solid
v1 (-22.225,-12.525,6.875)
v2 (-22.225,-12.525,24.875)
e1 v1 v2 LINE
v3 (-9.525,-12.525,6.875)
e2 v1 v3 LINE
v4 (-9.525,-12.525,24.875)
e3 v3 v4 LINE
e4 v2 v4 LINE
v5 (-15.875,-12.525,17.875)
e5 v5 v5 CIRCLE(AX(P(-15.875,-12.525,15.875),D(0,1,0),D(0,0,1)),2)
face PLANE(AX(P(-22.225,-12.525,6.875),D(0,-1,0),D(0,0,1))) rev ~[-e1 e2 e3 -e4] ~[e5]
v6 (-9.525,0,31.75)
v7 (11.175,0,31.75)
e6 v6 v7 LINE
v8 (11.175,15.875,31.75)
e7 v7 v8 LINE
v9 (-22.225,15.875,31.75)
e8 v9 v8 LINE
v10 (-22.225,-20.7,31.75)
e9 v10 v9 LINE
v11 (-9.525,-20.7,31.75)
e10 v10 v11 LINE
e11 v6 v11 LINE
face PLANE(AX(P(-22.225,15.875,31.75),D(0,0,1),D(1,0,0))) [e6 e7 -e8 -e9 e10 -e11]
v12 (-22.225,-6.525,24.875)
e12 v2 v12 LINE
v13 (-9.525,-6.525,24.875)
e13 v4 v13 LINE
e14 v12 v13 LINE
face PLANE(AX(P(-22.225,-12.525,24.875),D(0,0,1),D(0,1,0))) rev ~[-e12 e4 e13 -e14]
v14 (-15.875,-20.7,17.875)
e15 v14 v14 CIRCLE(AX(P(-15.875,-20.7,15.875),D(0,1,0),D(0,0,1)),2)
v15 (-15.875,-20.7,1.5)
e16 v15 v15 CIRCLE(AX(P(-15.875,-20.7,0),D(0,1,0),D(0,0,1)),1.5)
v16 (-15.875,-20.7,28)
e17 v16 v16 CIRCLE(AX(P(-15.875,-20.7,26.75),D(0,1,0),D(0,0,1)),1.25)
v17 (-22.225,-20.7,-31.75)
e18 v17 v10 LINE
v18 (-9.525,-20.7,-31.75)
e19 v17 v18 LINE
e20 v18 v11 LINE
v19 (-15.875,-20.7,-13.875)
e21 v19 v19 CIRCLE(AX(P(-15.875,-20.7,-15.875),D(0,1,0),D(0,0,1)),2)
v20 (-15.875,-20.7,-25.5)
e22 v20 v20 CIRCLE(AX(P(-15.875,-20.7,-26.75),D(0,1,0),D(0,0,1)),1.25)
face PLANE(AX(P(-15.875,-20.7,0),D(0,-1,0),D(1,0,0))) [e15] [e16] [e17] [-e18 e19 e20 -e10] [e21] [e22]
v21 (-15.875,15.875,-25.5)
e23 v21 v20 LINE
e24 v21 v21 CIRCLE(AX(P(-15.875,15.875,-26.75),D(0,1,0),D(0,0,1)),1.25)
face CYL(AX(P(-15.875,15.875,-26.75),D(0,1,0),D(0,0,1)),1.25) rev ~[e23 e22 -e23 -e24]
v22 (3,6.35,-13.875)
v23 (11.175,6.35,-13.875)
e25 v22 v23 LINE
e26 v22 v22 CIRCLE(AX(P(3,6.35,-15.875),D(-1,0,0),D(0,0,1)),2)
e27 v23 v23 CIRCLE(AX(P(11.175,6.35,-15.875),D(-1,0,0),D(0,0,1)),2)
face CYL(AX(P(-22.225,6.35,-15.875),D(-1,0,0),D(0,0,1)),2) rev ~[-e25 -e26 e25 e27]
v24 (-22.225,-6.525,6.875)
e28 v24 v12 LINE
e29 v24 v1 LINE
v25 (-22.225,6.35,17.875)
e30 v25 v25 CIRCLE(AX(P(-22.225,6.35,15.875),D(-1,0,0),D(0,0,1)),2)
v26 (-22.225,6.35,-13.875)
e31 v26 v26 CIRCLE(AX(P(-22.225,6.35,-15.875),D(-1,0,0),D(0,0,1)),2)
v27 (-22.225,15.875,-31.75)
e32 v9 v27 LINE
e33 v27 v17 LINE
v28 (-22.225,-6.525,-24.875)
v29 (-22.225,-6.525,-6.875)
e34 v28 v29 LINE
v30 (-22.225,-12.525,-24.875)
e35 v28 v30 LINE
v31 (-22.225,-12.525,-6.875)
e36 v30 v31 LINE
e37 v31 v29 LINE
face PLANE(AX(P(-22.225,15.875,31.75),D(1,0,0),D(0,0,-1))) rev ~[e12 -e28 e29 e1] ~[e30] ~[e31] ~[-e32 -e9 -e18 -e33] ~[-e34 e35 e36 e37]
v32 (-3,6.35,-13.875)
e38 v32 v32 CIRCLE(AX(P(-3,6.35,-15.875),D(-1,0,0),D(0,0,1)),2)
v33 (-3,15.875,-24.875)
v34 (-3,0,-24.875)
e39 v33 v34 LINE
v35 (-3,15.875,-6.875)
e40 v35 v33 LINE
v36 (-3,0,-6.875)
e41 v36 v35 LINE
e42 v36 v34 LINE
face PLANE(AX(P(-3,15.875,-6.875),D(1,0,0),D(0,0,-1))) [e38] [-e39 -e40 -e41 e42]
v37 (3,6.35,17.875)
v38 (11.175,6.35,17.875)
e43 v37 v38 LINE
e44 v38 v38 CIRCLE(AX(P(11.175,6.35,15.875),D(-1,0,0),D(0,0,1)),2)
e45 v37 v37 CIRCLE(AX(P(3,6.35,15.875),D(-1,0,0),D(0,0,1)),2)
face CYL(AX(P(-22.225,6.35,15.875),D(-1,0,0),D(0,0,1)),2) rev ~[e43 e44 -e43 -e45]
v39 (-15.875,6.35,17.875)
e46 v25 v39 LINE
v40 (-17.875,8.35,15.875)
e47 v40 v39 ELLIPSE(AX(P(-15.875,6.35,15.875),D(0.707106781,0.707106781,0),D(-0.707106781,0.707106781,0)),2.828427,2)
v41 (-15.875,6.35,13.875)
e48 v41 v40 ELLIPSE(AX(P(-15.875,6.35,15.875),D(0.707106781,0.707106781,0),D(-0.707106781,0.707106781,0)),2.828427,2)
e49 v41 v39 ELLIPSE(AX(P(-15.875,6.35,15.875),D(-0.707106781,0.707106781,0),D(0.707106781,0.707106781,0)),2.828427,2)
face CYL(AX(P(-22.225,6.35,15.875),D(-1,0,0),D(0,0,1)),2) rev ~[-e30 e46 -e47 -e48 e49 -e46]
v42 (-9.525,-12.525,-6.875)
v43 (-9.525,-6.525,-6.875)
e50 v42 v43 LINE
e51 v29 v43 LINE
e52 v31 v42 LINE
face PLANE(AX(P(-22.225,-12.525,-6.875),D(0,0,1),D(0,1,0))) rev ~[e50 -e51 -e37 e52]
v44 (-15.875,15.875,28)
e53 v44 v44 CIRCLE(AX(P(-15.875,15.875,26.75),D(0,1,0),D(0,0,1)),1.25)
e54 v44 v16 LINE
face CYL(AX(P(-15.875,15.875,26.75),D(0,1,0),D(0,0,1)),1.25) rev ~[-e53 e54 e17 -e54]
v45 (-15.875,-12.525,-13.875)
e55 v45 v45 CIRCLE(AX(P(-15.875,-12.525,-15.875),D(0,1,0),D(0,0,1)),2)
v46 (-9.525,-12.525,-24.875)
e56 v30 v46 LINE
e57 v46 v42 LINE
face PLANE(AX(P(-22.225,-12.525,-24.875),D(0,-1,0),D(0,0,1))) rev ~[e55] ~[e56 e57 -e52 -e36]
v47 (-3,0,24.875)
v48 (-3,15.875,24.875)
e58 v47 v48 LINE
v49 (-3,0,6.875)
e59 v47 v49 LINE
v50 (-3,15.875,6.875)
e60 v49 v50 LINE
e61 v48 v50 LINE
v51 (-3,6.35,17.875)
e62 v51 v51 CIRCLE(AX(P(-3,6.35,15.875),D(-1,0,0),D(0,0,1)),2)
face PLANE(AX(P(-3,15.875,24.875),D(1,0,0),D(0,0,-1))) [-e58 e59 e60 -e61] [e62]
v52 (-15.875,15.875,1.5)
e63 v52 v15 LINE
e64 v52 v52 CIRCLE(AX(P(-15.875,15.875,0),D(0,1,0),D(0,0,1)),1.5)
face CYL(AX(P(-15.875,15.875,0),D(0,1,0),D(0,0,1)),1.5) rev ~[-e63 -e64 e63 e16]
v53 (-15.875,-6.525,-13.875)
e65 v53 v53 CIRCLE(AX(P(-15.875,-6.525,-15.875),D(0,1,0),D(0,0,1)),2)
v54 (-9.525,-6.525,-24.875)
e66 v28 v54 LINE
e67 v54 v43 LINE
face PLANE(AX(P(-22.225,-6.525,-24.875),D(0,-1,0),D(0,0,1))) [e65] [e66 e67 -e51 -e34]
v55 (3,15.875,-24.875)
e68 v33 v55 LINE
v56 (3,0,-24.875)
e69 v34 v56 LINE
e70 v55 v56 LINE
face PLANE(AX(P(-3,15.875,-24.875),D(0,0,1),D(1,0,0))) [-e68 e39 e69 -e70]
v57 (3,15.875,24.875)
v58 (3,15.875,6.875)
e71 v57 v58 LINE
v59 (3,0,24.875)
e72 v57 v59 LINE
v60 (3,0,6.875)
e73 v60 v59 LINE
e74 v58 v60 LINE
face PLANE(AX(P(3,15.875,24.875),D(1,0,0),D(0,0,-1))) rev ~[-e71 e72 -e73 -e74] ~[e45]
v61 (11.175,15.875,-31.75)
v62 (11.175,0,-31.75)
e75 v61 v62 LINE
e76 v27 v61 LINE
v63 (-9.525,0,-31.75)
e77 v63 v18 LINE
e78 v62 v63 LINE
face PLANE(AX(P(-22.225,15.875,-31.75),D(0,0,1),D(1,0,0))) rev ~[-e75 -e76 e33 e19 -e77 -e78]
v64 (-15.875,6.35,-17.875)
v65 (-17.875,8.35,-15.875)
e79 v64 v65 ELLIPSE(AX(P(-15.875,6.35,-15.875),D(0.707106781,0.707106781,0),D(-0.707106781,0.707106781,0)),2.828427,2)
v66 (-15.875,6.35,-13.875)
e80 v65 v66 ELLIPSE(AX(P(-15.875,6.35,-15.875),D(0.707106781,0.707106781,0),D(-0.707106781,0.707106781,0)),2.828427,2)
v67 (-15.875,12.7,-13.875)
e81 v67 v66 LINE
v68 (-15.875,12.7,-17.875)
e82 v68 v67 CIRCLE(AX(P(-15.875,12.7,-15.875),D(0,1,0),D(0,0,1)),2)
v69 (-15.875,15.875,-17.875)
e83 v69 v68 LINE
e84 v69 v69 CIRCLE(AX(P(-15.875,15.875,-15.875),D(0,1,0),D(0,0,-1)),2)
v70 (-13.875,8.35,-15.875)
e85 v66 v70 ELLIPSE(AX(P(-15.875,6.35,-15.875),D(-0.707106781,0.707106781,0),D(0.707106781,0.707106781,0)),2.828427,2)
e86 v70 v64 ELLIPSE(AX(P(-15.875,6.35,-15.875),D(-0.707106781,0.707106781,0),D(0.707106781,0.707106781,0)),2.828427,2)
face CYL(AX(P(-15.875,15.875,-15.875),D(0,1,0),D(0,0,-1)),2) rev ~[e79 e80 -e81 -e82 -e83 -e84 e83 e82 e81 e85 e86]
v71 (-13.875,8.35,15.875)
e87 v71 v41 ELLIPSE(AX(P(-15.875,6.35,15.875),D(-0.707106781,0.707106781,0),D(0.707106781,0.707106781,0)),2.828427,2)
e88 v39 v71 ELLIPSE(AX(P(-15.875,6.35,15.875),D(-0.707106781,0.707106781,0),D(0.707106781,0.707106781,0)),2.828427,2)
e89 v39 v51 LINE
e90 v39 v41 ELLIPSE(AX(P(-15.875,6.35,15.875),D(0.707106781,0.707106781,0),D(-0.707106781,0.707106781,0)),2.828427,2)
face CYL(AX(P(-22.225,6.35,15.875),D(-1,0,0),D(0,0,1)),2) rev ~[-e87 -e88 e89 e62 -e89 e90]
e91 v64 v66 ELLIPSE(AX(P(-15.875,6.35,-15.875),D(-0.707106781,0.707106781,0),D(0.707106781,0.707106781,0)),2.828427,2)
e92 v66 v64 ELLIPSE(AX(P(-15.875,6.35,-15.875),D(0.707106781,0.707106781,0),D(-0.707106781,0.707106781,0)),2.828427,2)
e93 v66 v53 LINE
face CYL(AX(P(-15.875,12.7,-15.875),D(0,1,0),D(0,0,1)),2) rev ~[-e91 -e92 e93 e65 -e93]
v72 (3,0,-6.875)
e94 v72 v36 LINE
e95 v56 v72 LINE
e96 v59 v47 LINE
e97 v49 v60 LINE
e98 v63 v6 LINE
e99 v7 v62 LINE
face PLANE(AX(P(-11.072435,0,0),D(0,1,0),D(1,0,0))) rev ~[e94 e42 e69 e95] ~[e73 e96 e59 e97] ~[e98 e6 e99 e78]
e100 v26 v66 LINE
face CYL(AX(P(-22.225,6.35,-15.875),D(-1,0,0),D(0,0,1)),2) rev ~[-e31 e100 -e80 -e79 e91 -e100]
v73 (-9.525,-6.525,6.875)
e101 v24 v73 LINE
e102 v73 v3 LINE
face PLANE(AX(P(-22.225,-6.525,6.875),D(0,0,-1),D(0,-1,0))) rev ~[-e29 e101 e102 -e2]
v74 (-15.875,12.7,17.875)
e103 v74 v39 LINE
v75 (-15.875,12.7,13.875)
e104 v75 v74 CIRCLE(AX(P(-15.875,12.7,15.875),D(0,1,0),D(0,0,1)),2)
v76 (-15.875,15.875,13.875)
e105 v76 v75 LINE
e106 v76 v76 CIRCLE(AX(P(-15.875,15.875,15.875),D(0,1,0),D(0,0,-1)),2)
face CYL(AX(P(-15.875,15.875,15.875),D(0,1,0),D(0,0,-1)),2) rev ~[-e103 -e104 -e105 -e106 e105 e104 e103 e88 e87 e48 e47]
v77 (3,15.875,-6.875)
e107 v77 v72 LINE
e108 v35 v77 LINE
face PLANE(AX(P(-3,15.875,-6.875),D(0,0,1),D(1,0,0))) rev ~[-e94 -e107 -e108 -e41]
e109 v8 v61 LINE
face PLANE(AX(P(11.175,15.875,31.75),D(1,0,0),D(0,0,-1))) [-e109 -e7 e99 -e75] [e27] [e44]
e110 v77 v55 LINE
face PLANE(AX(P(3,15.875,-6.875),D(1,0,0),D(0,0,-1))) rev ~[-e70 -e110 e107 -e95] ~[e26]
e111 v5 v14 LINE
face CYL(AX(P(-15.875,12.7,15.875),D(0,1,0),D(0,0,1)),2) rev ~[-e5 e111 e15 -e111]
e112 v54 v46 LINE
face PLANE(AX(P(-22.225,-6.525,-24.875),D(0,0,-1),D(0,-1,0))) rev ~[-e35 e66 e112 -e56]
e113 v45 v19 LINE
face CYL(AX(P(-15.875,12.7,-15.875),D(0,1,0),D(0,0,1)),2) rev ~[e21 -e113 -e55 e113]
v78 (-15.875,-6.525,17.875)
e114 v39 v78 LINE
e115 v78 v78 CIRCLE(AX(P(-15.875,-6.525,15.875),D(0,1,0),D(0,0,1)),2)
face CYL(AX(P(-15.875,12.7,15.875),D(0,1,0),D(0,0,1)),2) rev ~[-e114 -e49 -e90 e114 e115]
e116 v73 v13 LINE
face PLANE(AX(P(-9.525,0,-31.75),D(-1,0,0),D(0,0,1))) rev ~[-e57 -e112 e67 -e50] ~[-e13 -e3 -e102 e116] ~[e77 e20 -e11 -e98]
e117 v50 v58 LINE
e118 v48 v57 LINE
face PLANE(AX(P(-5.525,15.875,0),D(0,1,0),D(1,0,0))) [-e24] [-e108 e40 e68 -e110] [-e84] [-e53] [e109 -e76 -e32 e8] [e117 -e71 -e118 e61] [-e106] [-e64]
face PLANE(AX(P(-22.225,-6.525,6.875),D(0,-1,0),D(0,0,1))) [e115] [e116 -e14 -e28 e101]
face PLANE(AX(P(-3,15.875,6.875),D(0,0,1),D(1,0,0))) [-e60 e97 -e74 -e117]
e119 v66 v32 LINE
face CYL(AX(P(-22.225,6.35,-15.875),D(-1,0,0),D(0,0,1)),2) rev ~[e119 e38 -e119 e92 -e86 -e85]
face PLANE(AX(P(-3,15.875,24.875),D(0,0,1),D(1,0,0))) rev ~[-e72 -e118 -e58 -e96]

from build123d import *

# Parameters (mm, degrees)
BOSS_EXTRUDE1_DEPTH = 12.7
SKETCH2_W           = 12.7
SKETCH2_H           = 63.5
BOSS_EXTRUDE2_DEPTH = 31.75
SKETCH3_W           = 18
SKETCH3_H           = 3
CUT_EXTRUDE1_DEPTH  = 19.05
SKETCH4_R           = 2
CUT_EXTRUDE2_DEPTH  = 59.973007597
SKETCH5_R           = 2
CUT_EXTRUDE3_DEPTH  = 64.181702256
SKETCH6_W           = 63.5
SKETCH6_H           = 12.7
CUT_EXTRUDE4_DEPTH  = 11.05
SKETCH7_W           = 12.7
SKETCH7_H           = 63.5
CUT_EXTRUDE5_DEPTH  = 11.05
BOSS_EXTRUDE3_START = 3.175
SKETCH8_W           = 33.4
SKETCH8_H           = 63.5
SKETCH8_R           = 2
SKETCH8_W_2         = 6
SKETCH8_H_2         = 18
BOSS_EXTRUDE3_DEPTH = 3.175
SKETCH9_R           = 1.25
SKETCH9_R_2         = 1.5
CUT_EXTRUDE6_DEPTH  = 54.289246101


with BuildPart() as part:
    # Sketch1 → Boss-Extrude1 (new body)
    with BuildSketch(Plane(origin=(0, 0, 0), x_dir=(1, 0, 0), z_dir=(0, 1, 0))):
        Polygon((-22.225, 31.75), (-22.225, -31.75), (0, -31.75), (0, -24.875), (-3, -24.875), (-3, -6.875), (0, -6.875), (0, 0), (0, 6.875), (-3, 6.875), (-3, 24.875), (0, 24.875), (0, 31.75), align=None)
        Polygon((0, -24.875), (0, -31.75), (22.225, -31.75), (22.225, 31.75), (0, 31.75), (0, 24.875), (3, 24.875), (3, 6.875), (0, 6.875), (0, 0), (0, -6.875), (3, -6.875), (3, -24.875), align=None)
    extrude(amount=BOSS_EXTRUDE1_DEPTH)

    # Sketch2 → Boss-Extrude2 (add)
    with BuildSketch(Plane.XZ):
        with Locations((-15.875, 0)):
            Rectangle(SKETCH2_W, SKETCH2_H)
    extrude(amount=BOSS_EXTRUDE2_DEPTH)

    # Sketch3 → Cut-Extrude1 (cut)
    with BuildSketch(Plane.ZY.offset(22.225)):
        with Locations((-15.875, -8.025)):
            Rectangle(SKETCH3_W, SKETCH3_H)
        with Locations((-15.875, -11.025)):
            Rectangle(SKETCH3_W, SKETCH3_H)
        with Locations((15.875, -8.025)):
            Rectangle(SKETCH3_W, SKETCH3_H)
        with Locations((15.875, -11.025)):
            Rectangle(SKETCH3_W, SKETCH3_H)
    extrude(amount=-CUT_EXTRUDE1_DEPTH, mode=Mode.SUBTRACT)

    # Sketch4 → Cut-Extrude2 (cut, through all)
    with BuildSketch(Plane(origin=(0, 12.7, 0), x_dir=(1, 0, 0), z_dir=(0, 1, 0))):
        with Locations(Location((-15.875, 15.875, 0), (0, 0, 270))):
            Circle(SKETCH4_R)
        with Locations(Location((-15.875, -15.875, 0), (0, 0, 270))):
            Circle(SKETCH4_R)
    extrude(amount=-CUT_EXTRUDE2_DEPTH, mode=Mode.SUBTRACT)

    # Sketch5 → Cut-Extrude3 (cut, through all)
    with BuildSketch(Plane.ZY.offset(22.225)):
        with Locations((-15.875, 6.35)):
            Circle(SKETCH5_R)
        with Locations((15.875, 6.35)):
            Circle(SKETCH5_R)
    extrude(amount=-CUT_EXTRUDE3_DEPTH, mode=Mode.SUBTRACT)

    # Sketch6 → Cut-Extrude4 (cut)
    with BuildSketch(Plane(origin=(22.225, 0, 0), x_dir=(0, 0, -1), z_dir=(1, 0, 0))):
        with Locations((0, 6.35)):
            Rectangle(SKETCH6_W, SKETCH6_H)
    extrude(amount=-CUT_EXTRUDE4_DEPTH, mode=Mode.SUBTRACT)

    # Sketch7 → Cut-Extrude5 (cut)
    with BuildSketch(Plane.XZ.offset(31.75)):
        with Locations((-15.875, 0)):
            Rectangle(SKETCH7_W, SKETCH7_H)
    extrude(amount=-CUT_EXTRUDE5_DEPTH, mode=Mode.SUBTRACT)

    # Sketch8 → Boss-Extrude3 (add)
    with BuildSketch(Plane(origin=(0, 12.7, 0), x_dir=(1, 0, 0), z_dir=(0, 1, 0)).offset(BOSS_EXTRUDE3_START)):
        with Locations((-5.525, 0)):
            Rectangle(SKETCH8_W, SKETCH8_H)
        with Locations(Location((-15.875, 15.875, 0), (0, 0, 90))):
            Circle(SKETCH8_R, mode=Mode.SUBTRACT)
        with Locations(Location((-15.875, -15.875, 0), (0, 0, 90))):
            Circle(SKETCH8_R, mode=Mode.SUBTRACT)
        with Locations((0, -15.875)):
            Rectangle(SKETCH8_W_2, SKETCH8_H_2, mode=Mode.SUBTRACT)
        with Locations((0, 15.875)):
            Rectangle(SKETCH8_W_2, SKETCH8_H_2, mode=Mode.SUBTRACT)
    extrude(amount=-BOSS_EXTRUDE3_DEPTH)

    # Sketch9 → Cut-Extrude6 (cut, through all)
    with BuildSketch(Plane(origin=(0, 15.875, 0), x_dir=(1, 0, 0), z_dir=(0, 1, 0))):
        with Locations(Location((-15.875, 26.75, 0), (0, 0, 270))):
            Circle(SKETCH9_R)
        with Locations(Location((-15.875, -26.75, 0), (0, 0, 270))):
            Circle(SKETCH9_R)
        with Locations(Location((-15.875, 0, 0), (0, 0, 270))):
            Circle(SKETCH9_R_2)
    extrude(amount=-CUT_EXTRUDE6_DEPTH, mode=Mode.SUBTRACT)


solid = part.part
